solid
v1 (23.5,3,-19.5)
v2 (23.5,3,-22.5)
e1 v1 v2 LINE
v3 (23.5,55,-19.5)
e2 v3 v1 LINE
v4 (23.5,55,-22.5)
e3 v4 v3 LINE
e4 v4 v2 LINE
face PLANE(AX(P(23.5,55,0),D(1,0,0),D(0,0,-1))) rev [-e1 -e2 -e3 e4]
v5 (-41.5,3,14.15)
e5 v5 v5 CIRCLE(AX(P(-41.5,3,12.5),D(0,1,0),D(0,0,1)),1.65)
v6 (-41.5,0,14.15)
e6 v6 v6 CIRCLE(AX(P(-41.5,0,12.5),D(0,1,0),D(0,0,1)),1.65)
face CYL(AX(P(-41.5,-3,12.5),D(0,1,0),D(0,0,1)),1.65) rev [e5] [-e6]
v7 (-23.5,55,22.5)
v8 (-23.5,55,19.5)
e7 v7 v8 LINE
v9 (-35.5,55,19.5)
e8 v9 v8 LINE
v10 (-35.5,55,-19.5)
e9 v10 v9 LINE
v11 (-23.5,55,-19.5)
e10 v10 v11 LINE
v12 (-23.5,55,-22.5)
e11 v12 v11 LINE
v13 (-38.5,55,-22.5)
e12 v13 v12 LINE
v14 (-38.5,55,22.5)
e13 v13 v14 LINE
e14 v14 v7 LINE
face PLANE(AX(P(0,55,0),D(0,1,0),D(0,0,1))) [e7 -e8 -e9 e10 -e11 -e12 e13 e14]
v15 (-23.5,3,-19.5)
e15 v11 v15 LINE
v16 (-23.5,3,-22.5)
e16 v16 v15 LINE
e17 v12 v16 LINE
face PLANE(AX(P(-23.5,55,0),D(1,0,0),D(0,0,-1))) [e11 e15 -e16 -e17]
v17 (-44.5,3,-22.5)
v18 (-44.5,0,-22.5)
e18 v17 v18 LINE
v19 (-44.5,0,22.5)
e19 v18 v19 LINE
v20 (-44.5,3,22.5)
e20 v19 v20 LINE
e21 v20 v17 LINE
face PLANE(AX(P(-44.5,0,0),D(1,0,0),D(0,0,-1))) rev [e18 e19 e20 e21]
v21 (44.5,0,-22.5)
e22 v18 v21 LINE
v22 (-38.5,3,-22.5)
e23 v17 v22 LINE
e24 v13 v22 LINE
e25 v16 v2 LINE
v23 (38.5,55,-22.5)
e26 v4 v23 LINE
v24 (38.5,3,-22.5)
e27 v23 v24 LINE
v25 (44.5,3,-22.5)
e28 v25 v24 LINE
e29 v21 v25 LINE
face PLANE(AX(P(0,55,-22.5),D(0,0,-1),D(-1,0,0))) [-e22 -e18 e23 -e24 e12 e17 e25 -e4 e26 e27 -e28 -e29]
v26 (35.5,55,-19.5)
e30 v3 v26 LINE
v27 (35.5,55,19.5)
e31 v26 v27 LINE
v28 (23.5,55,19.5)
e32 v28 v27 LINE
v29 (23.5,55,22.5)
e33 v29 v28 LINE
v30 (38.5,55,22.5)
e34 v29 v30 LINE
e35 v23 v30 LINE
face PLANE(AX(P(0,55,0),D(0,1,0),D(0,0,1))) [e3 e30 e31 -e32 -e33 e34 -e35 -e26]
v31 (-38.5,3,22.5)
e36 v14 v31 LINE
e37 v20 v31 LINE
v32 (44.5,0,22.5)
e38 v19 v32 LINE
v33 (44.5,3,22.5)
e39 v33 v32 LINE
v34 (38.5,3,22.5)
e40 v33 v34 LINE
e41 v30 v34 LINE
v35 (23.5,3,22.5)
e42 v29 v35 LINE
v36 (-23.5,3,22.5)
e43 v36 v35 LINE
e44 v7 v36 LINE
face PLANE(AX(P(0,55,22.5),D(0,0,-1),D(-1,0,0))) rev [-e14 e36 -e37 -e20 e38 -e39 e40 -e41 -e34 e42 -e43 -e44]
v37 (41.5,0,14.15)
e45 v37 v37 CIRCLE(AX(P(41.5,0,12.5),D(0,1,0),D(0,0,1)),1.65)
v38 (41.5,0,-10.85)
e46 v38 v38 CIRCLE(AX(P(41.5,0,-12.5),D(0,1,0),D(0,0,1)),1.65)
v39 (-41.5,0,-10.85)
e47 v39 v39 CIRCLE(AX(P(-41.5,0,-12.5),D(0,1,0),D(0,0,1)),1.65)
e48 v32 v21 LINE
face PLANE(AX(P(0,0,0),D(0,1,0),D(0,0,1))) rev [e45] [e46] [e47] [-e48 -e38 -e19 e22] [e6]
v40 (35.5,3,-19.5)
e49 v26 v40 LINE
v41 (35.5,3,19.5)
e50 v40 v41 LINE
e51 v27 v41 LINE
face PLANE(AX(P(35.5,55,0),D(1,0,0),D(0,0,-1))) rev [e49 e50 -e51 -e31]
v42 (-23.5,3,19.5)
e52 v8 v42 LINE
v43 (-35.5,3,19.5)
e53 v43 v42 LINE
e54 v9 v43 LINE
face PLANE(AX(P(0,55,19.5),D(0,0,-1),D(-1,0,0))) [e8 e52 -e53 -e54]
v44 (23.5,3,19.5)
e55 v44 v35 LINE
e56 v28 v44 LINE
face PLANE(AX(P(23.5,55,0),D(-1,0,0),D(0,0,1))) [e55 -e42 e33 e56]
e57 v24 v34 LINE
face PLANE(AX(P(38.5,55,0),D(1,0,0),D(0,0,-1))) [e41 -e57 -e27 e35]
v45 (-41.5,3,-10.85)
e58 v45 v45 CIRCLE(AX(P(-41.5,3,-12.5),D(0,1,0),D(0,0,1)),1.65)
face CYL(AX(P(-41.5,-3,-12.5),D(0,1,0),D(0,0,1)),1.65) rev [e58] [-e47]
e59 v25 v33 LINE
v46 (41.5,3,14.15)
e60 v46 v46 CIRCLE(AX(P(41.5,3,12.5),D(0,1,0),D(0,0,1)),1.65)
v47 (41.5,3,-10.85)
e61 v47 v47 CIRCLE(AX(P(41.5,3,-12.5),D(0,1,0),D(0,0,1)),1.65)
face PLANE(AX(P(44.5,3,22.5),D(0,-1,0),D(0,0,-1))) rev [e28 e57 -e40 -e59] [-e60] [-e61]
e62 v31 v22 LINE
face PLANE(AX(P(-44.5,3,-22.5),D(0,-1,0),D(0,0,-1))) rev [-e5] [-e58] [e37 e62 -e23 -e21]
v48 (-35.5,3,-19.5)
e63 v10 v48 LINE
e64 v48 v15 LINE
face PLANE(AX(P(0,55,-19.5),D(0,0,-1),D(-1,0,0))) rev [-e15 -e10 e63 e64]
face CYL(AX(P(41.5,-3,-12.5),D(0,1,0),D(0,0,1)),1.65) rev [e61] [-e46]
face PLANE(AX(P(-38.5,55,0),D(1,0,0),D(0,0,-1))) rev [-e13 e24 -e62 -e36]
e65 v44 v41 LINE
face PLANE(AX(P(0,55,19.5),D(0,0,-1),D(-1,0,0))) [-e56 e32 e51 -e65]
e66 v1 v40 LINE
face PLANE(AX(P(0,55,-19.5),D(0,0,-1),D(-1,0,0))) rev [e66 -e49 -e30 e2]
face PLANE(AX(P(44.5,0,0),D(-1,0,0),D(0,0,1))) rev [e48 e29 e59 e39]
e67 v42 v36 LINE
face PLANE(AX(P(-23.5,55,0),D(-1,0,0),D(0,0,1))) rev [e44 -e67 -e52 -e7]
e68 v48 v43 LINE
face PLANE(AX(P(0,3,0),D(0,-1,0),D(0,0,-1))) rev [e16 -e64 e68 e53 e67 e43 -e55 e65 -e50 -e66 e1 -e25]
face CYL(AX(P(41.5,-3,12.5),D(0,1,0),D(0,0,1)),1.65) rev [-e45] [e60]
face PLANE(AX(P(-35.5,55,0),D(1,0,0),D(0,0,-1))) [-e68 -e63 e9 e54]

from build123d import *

# Parameters (mm, degrees)
EXTRUDE_1_DEPTH     = 55
SKETCH_3_W          = 47
SKETCH_3_H          = 3
EXTRUDE_2_DEPTH     = 3
SKETCH_4_W          = 45
SKETCH_4_H          = 3
EXTRUDE_3_DEPTH     = 6
SKETCH_6_R          = 1.65
CUT_EXTRUDE_1_DEPTH = 6
SKETCH_7_W          = 45
SKETCH_7_H          = 3
EXTRUDE_4_DEPTH     = 6
SKETCH_8_R          = 1.65
CUT_EXTRUDE_2_DEPTH = 6


with BuildPart() as part:
    # 草图1 → 凸台-拉伸1 (new body)
    with BuildSketch(Plane(origin=(0, 0, 0), x_dir=(1, 0, 0), z_dir=(0, 1, 0))):
        Polygon((-38.5, 0), (-35.5, 0), (-35.5, 19.5), (-23.5, 19.5), (-23.5, 22.5), (-38.5, 22.5), align=None)
        Polygon((-35.5, -19.5), (-35.5, 0), (-38.5, 0), (-38.5, -22.5), (-23.5, -22.5), (-23.5, -19.5), align=None)
        Polygon((23.5, 22.5), (23.5, 19.5), (35.5, 19.5), (35.5, -19.5), (23.5, -19.5), (23.5, -22.5), (38.5, -22.5), (38.5, 22.5), align=None)
    extrude(amount=EXTRUDE_1_DEPTH)

    # 草图3 → 凸台-拉伸2 (add)
    with BuildSketch(Plane.XZ):
        with Locations((0, 21)):
            Rectangle(SKETCH_3_W, SKETCH_3_H)
        Polygon((-35.5, 19.5), (-35.5, -19.5), (-23.5, -19.5), (23.5, -19.5), (35.5, -19.5), (35.5, 19.5), (23.5, 19.5), (-23.5, 19.5), align=None)
        with Locations((0, -21)):
            Rectangle(SKETCH_3_W, SKETCH_3_H)
    extrude(amount=-EXTRUDE_2_DEPTH)

    # 草图4 → 凸台-拉伸3 (add)
    with BuildSketch(Plane(origin=(38.5, 0, 0), x_dir=(0, 0, -1), z_dir=(1, 0, 0))):
        with Locations((0, 1.5)):
            Rectangle(SKETCH_4_W, SKETCH_4_H)
    extrude(amount=EXTRUDE_3_DEPTH)

    # 草图6 → 切除-拉伸1 (cut)
    with BuildSketch(Plane(origin=(0, 3, 0), x_dir=(1, 0, 0), z_dir=(0, 1, 0))):
        with Locations((41.5, -12.5)):
            Circle(SKETCH_6_R)
        with Locations((41.5, 12.5)):
            Circle(SKETCH_6_R)
    extrude(amount=-CUT_EXTRUDE_1_DEPTH, mode=Mode.SUBTRACT)

    # 草图7 → 凸台-拉伸4 (add)
    with BuildSketch(Plane.ZY.offset(38.5)):
        with Locations((0, 1.5)):
            Rectangle(SKETCH_7_W, SKETCH_7_H)
    extrude(amount=EXTRUDE_4_DEPTH)

    # 草图8 → 切除-拉伸2 (cut)
    with BuildSketch(Plane(origin=(0, 3, 0), x_dir=(1, 0, 0), z_dir=(0, 1, 0))):
        with Locations((-41.5, 12.5)):
            Circle(SKETCH_8_R)
        with Locations((-41.5, -12.5)):
            Circle(SKETCH_8_R)
    extrude(amount=-CUT_EXTRUDE_2_DEPTH, mode=Mode.SUBTRACT)


solid = part.part
